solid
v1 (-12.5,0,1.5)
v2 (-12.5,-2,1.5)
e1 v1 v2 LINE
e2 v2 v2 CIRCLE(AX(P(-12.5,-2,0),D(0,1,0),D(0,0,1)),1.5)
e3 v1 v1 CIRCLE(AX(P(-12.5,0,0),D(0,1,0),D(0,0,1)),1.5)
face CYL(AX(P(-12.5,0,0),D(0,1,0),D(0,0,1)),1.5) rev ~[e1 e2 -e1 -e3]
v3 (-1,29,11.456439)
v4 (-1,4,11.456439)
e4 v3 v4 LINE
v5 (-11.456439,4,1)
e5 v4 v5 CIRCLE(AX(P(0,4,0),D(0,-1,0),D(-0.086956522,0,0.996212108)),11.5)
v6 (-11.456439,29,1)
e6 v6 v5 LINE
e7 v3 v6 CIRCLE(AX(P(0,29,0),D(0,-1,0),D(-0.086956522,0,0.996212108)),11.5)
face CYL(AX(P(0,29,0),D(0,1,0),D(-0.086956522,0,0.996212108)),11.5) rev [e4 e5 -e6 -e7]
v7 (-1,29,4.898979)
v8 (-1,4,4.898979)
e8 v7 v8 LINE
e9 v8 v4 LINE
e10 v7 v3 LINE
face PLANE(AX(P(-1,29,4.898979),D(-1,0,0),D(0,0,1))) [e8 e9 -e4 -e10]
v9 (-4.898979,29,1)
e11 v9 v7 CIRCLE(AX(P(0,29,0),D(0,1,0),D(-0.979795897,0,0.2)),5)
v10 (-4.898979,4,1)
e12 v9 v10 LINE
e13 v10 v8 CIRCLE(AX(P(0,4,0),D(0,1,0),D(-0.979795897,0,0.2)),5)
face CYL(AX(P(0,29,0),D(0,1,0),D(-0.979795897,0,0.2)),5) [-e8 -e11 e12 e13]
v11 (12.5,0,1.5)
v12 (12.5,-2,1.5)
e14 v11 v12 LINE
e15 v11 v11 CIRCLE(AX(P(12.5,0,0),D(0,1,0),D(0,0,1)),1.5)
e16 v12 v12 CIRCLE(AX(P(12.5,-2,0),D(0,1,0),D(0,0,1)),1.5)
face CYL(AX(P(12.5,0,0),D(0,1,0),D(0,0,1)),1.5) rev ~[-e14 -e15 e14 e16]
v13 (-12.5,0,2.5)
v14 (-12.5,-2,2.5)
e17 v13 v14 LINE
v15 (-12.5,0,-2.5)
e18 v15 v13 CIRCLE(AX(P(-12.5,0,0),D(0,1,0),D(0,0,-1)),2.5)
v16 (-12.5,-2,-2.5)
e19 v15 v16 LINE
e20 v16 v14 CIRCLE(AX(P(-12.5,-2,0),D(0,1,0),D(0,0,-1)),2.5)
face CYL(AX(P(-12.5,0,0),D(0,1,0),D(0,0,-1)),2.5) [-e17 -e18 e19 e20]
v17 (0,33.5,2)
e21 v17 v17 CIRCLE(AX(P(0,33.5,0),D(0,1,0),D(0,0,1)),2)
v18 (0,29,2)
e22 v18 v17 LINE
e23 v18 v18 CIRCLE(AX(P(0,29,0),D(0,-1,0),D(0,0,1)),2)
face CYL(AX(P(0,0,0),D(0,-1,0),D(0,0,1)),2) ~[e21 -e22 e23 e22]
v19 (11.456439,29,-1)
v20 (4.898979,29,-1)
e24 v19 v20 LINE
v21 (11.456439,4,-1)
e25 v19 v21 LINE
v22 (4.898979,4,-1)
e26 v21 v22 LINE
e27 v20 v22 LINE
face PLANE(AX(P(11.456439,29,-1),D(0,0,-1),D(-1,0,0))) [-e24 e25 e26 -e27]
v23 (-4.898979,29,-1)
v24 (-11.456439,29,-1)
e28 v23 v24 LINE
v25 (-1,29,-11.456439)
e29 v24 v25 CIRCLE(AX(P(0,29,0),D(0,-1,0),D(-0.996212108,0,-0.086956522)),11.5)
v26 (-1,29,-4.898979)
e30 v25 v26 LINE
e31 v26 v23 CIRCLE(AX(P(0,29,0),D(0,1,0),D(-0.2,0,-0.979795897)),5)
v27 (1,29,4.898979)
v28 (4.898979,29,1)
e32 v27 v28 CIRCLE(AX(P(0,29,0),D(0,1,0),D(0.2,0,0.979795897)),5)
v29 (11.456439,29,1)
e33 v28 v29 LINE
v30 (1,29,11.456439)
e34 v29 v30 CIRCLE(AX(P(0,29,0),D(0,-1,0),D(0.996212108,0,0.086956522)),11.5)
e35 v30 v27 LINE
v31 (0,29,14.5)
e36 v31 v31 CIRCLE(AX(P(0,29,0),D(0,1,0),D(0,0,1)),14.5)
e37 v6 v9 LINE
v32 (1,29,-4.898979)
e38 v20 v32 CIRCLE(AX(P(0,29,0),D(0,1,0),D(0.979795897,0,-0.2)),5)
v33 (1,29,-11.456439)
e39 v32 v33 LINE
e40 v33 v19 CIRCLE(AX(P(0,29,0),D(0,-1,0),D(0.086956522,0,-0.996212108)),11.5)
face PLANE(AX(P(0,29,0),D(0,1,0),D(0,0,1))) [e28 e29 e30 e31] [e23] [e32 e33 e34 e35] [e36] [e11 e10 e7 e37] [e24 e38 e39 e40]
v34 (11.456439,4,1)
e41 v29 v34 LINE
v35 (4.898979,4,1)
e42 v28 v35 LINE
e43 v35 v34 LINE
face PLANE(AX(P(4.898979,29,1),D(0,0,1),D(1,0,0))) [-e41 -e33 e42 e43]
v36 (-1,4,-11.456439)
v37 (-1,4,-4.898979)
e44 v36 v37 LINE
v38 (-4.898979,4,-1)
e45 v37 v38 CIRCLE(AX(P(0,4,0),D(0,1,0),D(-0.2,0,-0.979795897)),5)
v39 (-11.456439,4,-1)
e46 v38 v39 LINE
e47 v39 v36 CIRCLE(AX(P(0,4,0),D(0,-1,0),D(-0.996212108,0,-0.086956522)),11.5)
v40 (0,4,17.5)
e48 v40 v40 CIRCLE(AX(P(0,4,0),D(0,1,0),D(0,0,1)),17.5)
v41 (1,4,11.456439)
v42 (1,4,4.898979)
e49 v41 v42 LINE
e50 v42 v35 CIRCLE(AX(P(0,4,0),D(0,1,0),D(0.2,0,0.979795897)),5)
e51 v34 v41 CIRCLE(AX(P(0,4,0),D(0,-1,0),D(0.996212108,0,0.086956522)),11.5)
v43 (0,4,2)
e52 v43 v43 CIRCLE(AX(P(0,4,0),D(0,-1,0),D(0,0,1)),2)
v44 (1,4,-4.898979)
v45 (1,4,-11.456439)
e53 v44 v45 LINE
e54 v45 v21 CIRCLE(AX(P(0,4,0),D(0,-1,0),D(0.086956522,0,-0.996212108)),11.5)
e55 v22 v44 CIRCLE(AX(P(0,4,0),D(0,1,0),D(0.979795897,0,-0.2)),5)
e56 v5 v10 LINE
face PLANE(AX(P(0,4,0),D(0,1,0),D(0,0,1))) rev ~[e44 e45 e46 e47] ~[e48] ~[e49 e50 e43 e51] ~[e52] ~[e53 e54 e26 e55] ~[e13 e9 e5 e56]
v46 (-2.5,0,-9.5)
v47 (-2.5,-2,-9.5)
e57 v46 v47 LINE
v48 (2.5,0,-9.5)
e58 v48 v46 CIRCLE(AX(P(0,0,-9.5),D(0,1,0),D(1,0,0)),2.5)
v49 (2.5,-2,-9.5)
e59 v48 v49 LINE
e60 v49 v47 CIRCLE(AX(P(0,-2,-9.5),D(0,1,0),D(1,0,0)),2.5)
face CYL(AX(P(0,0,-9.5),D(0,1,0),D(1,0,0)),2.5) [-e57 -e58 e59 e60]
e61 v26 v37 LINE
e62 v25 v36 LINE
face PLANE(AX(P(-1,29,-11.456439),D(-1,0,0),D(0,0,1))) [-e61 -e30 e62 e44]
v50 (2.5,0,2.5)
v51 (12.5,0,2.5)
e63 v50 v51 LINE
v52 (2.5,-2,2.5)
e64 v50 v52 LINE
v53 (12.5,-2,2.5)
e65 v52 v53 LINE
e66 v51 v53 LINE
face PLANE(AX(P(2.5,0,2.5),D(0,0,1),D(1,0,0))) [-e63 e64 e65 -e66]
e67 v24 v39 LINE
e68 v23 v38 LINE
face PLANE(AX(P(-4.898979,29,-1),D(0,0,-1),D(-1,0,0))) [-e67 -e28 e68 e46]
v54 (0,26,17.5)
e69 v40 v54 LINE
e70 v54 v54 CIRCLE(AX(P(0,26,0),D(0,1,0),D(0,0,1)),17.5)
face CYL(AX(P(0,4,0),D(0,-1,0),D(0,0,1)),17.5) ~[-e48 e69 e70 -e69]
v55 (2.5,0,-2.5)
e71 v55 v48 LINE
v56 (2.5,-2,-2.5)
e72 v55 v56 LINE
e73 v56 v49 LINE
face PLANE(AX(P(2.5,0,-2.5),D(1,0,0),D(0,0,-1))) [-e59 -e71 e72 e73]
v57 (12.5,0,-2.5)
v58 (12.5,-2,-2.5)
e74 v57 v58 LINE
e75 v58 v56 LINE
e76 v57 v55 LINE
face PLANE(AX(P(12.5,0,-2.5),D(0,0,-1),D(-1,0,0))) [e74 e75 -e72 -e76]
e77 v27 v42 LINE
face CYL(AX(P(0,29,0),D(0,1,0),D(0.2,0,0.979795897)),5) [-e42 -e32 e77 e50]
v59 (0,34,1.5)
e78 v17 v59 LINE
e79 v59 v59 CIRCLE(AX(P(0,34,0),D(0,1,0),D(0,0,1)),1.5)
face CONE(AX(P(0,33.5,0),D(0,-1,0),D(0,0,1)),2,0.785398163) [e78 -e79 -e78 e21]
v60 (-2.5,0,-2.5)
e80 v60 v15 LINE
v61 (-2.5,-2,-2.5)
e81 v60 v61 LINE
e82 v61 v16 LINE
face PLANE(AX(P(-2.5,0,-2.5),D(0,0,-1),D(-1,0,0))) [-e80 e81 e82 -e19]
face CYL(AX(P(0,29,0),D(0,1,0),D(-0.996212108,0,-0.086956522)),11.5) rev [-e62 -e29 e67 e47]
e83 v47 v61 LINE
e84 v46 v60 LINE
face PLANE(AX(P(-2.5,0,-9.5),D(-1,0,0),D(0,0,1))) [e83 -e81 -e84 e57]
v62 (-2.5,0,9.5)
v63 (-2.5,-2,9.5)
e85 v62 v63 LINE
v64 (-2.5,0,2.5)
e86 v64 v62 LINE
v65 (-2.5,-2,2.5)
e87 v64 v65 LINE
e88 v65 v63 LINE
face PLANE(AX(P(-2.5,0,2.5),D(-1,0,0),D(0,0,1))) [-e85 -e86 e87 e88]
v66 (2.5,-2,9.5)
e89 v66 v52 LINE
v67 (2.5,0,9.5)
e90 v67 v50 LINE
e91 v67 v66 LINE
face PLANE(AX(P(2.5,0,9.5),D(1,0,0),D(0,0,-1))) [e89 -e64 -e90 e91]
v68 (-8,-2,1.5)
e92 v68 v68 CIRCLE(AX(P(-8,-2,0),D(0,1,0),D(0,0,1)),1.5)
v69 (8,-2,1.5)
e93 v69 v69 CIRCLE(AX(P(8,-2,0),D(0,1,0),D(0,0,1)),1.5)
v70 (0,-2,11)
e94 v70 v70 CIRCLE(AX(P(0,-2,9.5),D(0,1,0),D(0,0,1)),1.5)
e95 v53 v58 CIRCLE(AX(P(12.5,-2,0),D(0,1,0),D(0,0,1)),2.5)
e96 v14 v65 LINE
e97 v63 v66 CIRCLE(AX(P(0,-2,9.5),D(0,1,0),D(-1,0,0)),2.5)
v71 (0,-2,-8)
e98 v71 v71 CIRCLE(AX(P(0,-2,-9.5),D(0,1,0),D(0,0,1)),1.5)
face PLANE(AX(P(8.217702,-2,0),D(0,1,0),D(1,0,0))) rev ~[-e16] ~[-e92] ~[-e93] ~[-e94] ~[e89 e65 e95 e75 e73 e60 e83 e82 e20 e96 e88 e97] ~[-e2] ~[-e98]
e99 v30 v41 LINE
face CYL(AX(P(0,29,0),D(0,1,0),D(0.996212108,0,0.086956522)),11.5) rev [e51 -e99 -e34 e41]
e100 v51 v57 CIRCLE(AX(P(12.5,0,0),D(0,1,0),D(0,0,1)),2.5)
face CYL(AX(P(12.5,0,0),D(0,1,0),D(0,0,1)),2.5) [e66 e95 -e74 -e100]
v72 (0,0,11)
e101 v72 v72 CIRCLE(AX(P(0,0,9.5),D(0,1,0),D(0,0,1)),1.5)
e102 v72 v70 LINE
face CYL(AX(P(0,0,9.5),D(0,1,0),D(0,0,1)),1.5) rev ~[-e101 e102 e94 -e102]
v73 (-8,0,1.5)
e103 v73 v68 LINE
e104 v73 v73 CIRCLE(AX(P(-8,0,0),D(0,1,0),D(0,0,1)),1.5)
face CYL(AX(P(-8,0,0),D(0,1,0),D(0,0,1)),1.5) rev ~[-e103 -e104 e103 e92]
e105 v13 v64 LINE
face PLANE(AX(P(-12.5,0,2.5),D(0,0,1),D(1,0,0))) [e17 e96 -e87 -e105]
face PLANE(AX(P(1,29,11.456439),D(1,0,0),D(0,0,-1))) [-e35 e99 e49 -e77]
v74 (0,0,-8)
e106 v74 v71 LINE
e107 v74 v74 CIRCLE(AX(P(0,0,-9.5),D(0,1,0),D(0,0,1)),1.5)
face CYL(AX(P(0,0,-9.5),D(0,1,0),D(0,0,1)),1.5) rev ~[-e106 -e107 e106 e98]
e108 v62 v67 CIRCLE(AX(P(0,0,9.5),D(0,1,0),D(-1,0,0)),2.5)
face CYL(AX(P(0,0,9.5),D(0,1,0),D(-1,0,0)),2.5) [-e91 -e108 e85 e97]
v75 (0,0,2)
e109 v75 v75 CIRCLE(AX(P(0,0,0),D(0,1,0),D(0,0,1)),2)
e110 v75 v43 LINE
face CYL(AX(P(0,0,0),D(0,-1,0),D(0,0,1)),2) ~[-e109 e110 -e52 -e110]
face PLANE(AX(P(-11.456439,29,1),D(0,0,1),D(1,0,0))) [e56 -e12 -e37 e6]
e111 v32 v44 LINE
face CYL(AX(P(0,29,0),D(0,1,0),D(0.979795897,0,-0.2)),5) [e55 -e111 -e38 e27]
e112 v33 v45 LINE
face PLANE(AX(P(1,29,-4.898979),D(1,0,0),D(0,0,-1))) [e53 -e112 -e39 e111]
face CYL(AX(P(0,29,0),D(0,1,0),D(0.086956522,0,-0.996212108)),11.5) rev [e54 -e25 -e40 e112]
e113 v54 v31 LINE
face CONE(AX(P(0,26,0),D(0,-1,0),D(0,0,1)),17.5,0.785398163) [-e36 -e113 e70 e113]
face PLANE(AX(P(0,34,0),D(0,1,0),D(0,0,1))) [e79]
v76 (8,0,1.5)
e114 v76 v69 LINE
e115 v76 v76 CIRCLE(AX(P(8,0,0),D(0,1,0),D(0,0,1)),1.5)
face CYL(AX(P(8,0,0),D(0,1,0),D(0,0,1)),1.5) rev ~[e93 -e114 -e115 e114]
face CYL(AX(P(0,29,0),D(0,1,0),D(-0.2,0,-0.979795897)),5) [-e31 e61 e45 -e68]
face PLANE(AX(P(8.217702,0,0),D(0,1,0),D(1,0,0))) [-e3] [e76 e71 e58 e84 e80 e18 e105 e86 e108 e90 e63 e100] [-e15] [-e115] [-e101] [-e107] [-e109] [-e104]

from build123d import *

# Parameters (mm, degrees)
SKETCH_1_R          = 1.5
EXTRUDE_1_DEPTH     = 2
SKETCH_1_3_R        = 2
EXTRUDE_2_DEPTH     = 34
EXTRUDE_START       = 4
SKETCH_2_R          = 17.5
EXTRUDE_3_DEPTH     = 25
CHAMFER_1_SIZE      = 3
CUT_EXTRUDE_1_DEPTH = 25
CHAMFER_2_SIZE      = 0.5


with BuildPart() as part:
    # 스케치1 → 보스-돌출1 (new body)
    with BuildSketch(Plane(origin=(0, 0, 0), x_dir=(1, 0, 0), z_dir=(0, 1, 0))):
        with BuildLine():
            Line((-2.5, -2.5), (-2.5, -9.5))
            ThreePointArc((-2.5, -9.5), (0, -12), (2.5, -9.5))
            Line((2.5, -9.5), (2.5, -2.5))
            Line((2.5, -2.5), (12.5, -2.5))
            ThreePointArc((12.5, -2.5), (15, 0), (12.5, 2.5))
            Line((12.5, 2.5), (2.5, 2.5))
            Line((2.5, 2.5), (2.5, 9.5))
            ThreePointArc((2.5, 9.5), (0, 12), (-2.5, 9.5))
            Line((-2.5, 9.5), (-2.5, 2.5))
            Line((-2.5, 2.5), (-12.5, 2.5))
            ThreePointArc((-12.5, 2.5), (-15, 0), (-12.5, -2.5))
            Line((-12.5, -2.5), (-2.5, -2.5))
        make_face()
        with Locations((0, -9.5)):
            Circle(SKETCH_1_R, mode=Mode.SUBTRACT)
        with Locations((-8, 0)):
            Circle(SKETCH_1_R, mode=Mode.SUBTRACT)
        with Locations((-12.5, 0)):
            Circle(SKETCH_1_R, mode=Mode.SUBTRACT)
        with Locations((0, 9.5)):
            Circle(SKETCH_1_R, mode=Mode.SUBTRACT)
        with Locations((12.5, 0)):
            Circle(SKETCH_1_R, mode=Mode.SUBTRACT)
        with Locations((8, 0)):
            Circle(SKETCH_1_R, mode=Mode.SUBTRACT)
    extrude(amount=-EXTRUDE_1_DEPTH)

    # 스케치1<3> → 보스-돌출2 (add)
    with BuildSketch(Plane(origin=(0, 0, 0), x_dir=(1, 0, 0), z_dir=(0, 1, 0))):
        Circle(SKETCH_1_3_R)
    extrude(amount=EXTRUDE_2_DEPTH)

    # 스케치2 → 보스-돌출3 (add)
    with BuildSketch(Plane(origin=(0, 0, 0), x_dir=(1, 0, 0), z_dir=(0, 1, 0)).offset(EXTRUDE_START)):
        Circle(SKETCH_2_R)
    extrude(amount=EXTRUDE_3_DEPTH)

    # 모따기1
    chamfer_1_edges = [part.edges().sort_by_distance(p)[0] for p in [
        (-17.5, 29, 0),
    ]]
    chamfer(chamfer_1_edges, length=CHAMFER_1_SIZE)

    # 스케치4 → 컷-돌출1 (cut)
    with BuildSketch(Plane(origin=(0, 29, 0), x_dir=(1, 0, 0), z_dir=(0, 1, 0))):
        with BuildLine():
            Line((-1, 4.898979486), (-1, 11.456439237))
            ThreePointArc((-1, 11.456439237), (-8.131727984, 8.131727984), (-11.456439237, 1))
            Line((-11.456439237, 1), (-4.898979486, 1))
            ThreePointArc((-4.898979486, 1), (-3.535533906, 3.535533906), (-1, 4.898979486))
        make_face()
        with BuildLine():
            Line((4.898979486, 1), (11.456439237, 1))
            ThreePointArc((11.456439237, 1), (8.131727984, 8.131727984), (1, 11.456439237))
            Line((1, 11.456439237), (1, 4.898979486))
            ThreePointArc((1, 4.898979486), (3.535533906, 3.535533906), (4.898979486, 1))
        make_face()
        with BuildLine():
            Line((1, -4.898979486), (1, -11.456439237))
            ThreePointArc((1, -11.456439237), (8.131727984, -8.131727984), (11.456439237, -1))
            Line((11.456439237, -1), (4.898979486, -1))
            ThreePointArc((4.898979486, -1), (3.535533906, -3.535533906), (1, -4.898979486))
        make_face()
        with BuildLine():
            Line((-4.898979486, -1), (-11.456439237, -1))
            ThreePointArc((-11.456439237, -1), (-8.131727984, -8.131727984), (-1, -11.456439237))
            Line((-1, -11.456439237), (-1, -4.898979486))
            ThreePointArc((-1, -4.898979486), (-3.535533906, -3.535533906), (-4.898979486, -1))
        make_face()
    extrude(amount=-CUT_EXTRUDE_1_DEPTH, mode=Mode.SUBTRACT)

    # 모따기2
    chamfer_2_edges = [part.edges().sort_by_distance(p)[0] for p in [
        (-2, 34, 0),
    ]]
    chamfer(chamfer_2_edges, length=CHAMFER_2_SIZE)


solid = part.part
